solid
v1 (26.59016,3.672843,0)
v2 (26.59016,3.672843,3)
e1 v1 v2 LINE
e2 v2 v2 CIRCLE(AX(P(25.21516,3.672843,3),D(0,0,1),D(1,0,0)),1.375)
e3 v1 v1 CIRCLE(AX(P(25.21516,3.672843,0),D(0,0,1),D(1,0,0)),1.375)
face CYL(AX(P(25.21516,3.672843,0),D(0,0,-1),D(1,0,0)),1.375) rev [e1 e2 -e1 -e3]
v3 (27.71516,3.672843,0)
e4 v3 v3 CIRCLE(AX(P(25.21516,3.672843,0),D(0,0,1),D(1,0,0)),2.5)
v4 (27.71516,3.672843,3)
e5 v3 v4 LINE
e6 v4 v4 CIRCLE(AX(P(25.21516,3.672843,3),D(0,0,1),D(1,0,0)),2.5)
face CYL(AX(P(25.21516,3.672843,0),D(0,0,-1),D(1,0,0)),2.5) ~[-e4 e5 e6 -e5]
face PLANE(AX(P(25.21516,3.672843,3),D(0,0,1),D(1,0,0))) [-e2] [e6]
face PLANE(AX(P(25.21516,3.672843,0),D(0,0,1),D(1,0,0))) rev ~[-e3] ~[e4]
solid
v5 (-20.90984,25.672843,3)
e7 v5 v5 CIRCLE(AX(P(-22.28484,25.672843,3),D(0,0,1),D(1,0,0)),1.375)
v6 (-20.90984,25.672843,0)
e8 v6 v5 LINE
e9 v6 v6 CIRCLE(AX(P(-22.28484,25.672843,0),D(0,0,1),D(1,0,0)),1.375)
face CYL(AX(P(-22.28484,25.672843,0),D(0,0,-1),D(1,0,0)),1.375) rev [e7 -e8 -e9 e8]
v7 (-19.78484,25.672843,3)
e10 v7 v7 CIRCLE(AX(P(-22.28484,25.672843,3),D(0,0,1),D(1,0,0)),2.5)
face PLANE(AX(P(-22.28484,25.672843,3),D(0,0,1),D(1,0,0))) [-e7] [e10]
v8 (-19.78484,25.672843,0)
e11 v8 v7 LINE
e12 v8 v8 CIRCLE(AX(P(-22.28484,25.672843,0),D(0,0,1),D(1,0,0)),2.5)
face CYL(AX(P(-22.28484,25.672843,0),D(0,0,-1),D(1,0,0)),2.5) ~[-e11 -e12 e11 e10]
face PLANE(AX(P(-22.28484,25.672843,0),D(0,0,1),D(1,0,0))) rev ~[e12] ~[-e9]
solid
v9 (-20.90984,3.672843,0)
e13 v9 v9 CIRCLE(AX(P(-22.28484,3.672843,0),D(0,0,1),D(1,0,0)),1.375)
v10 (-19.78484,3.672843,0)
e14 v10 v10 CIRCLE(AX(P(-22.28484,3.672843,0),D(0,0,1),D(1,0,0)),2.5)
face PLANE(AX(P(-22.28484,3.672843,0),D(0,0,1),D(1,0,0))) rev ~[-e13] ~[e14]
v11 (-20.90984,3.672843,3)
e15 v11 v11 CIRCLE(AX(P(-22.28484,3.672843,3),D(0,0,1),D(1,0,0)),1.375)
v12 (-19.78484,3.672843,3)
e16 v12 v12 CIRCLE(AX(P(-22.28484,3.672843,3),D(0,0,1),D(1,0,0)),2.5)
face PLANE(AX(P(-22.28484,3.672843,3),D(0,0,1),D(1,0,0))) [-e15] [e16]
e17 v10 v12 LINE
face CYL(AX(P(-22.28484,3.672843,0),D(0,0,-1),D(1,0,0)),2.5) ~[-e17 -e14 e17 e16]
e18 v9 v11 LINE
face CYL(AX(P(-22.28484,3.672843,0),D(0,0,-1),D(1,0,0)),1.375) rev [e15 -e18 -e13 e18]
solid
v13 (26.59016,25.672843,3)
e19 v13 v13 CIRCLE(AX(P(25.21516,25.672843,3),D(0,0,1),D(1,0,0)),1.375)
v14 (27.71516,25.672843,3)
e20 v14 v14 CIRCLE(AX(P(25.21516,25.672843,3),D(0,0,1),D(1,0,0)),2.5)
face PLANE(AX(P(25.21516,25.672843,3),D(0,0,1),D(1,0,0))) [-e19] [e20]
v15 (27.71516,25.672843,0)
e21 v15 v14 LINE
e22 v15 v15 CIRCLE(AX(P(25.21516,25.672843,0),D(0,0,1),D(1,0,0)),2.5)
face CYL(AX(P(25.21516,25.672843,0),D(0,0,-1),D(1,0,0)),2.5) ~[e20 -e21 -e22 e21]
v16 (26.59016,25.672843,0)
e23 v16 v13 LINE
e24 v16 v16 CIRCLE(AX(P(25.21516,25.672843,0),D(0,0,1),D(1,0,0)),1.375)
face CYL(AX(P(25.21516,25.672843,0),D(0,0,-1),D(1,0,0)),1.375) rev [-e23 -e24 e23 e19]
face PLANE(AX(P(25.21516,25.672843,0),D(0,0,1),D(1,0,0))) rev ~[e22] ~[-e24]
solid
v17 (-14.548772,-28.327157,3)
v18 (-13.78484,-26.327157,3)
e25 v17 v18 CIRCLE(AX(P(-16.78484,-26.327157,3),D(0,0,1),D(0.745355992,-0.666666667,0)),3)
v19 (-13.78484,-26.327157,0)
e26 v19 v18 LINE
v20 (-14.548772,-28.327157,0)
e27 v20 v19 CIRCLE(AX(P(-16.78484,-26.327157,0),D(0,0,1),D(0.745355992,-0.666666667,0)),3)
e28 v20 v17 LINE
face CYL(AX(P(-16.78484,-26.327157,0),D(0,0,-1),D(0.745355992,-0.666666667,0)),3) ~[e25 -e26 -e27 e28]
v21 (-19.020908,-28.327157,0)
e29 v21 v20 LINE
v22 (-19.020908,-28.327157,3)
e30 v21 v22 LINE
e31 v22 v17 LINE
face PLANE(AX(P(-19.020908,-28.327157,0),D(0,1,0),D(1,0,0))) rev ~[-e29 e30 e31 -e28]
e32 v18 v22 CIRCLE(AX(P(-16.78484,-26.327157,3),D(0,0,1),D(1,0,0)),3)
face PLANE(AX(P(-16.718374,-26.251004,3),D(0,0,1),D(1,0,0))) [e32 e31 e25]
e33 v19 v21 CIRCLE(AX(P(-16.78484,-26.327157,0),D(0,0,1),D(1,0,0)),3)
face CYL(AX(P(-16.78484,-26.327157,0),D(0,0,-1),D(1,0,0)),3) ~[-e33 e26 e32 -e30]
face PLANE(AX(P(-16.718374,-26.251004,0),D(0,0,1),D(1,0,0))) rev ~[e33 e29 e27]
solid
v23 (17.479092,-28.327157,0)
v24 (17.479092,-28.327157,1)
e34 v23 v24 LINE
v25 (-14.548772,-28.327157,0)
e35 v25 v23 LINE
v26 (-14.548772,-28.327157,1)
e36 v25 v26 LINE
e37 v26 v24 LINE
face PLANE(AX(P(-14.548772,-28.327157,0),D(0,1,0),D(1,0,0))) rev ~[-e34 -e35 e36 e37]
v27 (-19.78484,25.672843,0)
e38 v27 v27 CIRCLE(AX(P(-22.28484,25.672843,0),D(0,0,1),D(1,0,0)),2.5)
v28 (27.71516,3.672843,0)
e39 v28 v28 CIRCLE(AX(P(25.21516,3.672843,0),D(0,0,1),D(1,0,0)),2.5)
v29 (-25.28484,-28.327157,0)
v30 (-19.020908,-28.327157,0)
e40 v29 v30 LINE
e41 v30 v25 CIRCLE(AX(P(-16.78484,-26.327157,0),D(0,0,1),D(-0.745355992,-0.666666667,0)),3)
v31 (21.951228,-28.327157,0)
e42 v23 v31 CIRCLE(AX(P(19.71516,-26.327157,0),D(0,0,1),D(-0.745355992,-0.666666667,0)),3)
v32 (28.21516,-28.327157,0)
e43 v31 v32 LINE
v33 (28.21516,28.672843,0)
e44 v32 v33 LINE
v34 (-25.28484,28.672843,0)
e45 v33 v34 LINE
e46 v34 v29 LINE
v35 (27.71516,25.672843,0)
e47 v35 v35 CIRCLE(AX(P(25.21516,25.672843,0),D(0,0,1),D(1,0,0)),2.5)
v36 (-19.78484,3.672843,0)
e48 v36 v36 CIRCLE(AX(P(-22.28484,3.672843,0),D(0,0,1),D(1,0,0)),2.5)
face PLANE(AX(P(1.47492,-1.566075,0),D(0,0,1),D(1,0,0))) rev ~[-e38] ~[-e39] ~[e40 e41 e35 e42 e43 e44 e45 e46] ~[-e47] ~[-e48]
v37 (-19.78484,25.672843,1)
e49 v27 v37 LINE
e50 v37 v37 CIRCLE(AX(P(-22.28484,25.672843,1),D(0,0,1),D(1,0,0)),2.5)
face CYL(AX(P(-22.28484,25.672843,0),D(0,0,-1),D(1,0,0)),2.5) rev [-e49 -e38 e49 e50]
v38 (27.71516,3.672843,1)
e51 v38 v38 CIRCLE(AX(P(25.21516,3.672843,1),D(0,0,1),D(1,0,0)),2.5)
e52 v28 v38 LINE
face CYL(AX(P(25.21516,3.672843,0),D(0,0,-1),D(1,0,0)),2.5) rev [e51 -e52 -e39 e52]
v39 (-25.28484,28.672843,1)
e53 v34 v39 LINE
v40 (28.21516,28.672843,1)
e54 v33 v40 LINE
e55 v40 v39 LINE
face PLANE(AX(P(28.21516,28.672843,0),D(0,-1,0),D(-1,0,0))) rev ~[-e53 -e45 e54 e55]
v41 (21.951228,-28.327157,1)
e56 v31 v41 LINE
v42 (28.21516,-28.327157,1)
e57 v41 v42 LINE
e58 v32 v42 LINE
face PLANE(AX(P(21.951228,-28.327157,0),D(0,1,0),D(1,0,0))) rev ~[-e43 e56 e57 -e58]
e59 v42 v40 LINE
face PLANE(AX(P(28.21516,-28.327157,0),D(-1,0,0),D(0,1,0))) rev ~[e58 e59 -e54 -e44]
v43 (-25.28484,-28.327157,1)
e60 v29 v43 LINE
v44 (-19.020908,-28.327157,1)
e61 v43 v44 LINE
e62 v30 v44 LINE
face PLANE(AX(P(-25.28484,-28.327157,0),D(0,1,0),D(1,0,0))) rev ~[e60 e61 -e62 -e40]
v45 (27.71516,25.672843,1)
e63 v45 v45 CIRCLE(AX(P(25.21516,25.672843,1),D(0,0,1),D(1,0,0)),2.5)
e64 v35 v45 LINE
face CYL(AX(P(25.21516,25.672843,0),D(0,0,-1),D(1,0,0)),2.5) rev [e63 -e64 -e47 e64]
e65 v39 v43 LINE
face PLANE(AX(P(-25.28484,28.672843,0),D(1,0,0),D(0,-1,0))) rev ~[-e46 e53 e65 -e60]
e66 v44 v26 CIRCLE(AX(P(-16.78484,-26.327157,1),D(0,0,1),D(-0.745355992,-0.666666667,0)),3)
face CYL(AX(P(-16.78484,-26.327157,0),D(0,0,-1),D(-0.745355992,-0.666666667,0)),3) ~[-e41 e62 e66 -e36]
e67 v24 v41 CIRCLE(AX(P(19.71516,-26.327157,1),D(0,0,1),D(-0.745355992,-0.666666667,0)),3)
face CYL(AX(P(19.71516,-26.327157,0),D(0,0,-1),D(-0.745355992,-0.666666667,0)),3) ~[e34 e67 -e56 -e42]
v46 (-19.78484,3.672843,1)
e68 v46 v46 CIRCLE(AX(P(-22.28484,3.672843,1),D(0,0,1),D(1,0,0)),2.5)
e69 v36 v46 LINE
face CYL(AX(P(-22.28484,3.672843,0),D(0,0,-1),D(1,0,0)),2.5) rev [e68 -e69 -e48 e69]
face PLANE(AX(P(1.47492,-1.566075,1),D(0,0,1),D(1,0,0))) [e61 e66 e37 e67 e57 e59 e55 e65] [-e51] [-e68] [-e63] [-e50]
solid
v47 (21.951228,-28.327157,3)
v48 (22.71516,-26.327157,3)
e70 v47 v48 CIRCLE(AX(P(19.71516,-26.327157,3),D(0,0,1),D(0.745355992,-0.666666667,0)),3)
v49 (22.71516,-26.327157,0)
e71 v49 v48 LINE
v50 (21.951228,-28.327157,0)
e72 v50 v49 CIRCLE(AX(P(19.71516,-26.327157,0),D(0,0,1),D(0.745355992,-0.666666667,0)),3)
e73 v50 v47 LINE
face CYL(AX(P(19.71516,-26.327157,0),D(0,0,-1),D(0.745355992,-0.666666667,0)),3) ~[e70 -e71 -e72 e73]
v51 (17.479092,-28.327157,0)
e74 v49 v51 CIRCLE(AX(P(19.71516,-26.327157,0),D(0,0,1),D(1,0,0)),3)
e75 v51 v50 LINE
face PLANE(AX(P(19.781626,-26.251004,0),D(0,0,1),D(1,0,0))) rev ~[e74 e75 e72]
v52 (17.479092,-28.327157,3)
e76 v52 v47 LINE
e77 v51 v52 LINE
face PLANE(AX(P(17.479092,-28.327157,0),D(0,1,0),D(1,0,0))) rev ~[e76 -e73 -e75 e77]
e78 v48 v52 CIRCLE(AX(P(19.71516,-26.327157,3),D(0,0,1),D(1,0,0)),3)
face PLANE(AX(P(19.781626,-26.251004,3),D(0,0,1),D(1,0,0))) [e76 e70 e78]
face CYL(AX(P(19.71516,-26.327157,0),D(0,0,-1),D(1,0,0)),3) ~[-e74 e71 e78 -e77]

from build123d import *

# Parameters (mm, degrees)
F0_R     = 2.5
F0_R_2   = 1.375
F1_DEPTH = 3
F2_DEPTH = 1


with BuildPart() as f1:
    # F0 (on Top) → F1 (new body)
    with BuildSketch(Plane.XY):
        with Locations((-22.2848404497, 25.6728434441)):
            Circle(F0_R)
        with Locations((-22.2848404497, 25.6728434441)):
            Circle(F0_R_2, mode=Mode.SUBTRACT)
    extrude(amount=F1_DEPTH)


with BuildPart() as f1b:
    # F0 (on Top) → F1, piece 2 (new body)
    with BuildSketch(Plane.XY):
        with Locations((-22.2848404497, 3.6728434441)):
            Circle(F0_R)
        with Locations((-22.2848404497, 3.6728434441)):
            Circle(F0_R_2, mode=Mode.SUBTRACT)
    extrude(amount=F1_DEPTH)


with BuildPart() as f1c:
    # F0 (on Top) → F1, piece 3 (new body)
    with BuildSketch(Plane.XY):
        with Locations((25.2151595503, 3.6728434441)):
            Circle(F0_R)
        with Locations((25.2151595503, 3.6728434441)):
            Circle(F0_R_2, mode=Mode.SUBTRACT)
    extrude(amount=F1_DEPTH)


with BuildPart() as f1d:
    # F0 (on Top) → F1, piece 4 (new body)
    with BuildSketch(Plane.XY):
        with Locations((25.2151595503, 25.6728434441)):
            Circle(F0_R)
        with Locations((25.2151595503, 25.6728434441)):
            Circle(F0_R_2, mode=Mode.SUBTRACT)
    extrude(amount=F1_DEPTH)


with BuildPart() as f1e:
    # F0 (on Top) → F1, piece 5 (new body)
    with BuildSketch(Plane.XY):
        with BuildLine():
            ThreePointArc((-13.7848404497, -26.3271565559), (-17.855306719, -23.524639479), (-19.0209084272, -28.3271565559))
            Line((-19.0209084272, -28.3271565559), (-14.5487724722, -28.3271565559))
            ThreePointArc((-14.5487724722, -28.3271565559), (-13.9823233728, -27.3976228253), (-13.7848404497, -26.3271565559))
        make_face()
    extrude(amount=F1_DEPTH)


with BuildPart() as f1f:
    # F0 (on Top) → F1, piece 6 (new body)
    with BuildSketch(Plane.XY):
        with BuildLine():
            Line((17.4790915728, -28.3271565559), (21.9512275278, -28.3271565559))
            ThreePointArc((21.9512275278, -28.3271565559), (22.5176766272, -27.3976228253), (22.7151595503, -26.3271565559))
            ThreePointArc((22.7151595503, -26.3271565559), (18.644693281, -23.524639479), (17.4790915728, -28.3271565559))
        make_face()
    extrude(amount=F1_DEPTH)


with BuildPart() as f2:
    # F0 (on Top) → F2 (new body)
    with BuildSketch(Plane.XY):
        with BuildLine():
            Line((28.2151595503, 28.6728434441), (-25.2848404497, 28.6728434441))
            Line((-25.2848404497, 28.6728434441), (-25.2848404497, -28.3271565559))
            Line((-25.2848404497, -28.3271565559), (-19.0209084272, -28.3271565559))
            ThreePointArc((-19.0209084272, -28.3271565559), (-17.855306719, -23.524639479), (-13.7848404497, -26.3271565559))
            ThreePointArc((-13.7848404497, -26.3271565559), (-13.9823233728, -27.3976228253), (-14.5487724722, -28.3271565559))
            Line((-14.5487724722, -28.3271565559), (17.4790915728, -28.3271565559))
            ThreePointArc((17.4790915728, -28.3271565559), (18.644693281, -23.524639479), (22.7151595503, -26.3271565559))
            ThreePointArc((22.7151595503, -26.3271565559), (22.5176766272, -27.3976228253), (21.9512275278, -28.3271565559))
            Line((21.9512275278, -28.3271565559), (28.2151595503, -28.3271565559))
            Line((28.2151595503, -28.3271565559), (28.2151595503, 28.6728434441))
        make_face()
        with Locations((-22.2848404497, 3.6728434441)):
            Circle(F0_R, mode=Mode.SUBTRACT)
        with Locations((-22.2848404497, 25.6728434441)):
            Circle(F0_R, mode=Mode.SUBTRACT)
        with Locations((25.2151595503, 3.6728434441)):
            Circle(F0_R, mode=Mode.SUBTRACT)
        with Locations((25.2151595503, 25.6728434441)):
            Circle(F0_R, mode=Mode.SUBTRACT)
        with BuildLine():
            ThreePointArc((-13.7848404497, -26.3271565559), (-17.855306719, -23.524639479), (-19.0209084272, -28.3271565559))
            Line((-19.0209084272, -28.3271565559), (-14.5487724722, -28.3271565559))
            ThreePointArc((-14.5487724722, -28.3271565559), (-13.9823233728, -27.3976228253), (-13.7848404497, -26.3271565559))
        make_face()
        with BuildLine():
            Line((-14.5487724722, -28.3271565559), (-19.0209084272, -28.3271565559))
            ThreePointArc((-19.0209084272, -28.3271565559), (-16.7848404497, -29.3271565559), (-14.5487724722, -28.3271565559))
        make_face()
        with BuildLine():
            ThreePointArc((17.4790915728, -28.3271565559), (19.7151595503, -29.3271565559), (21.9512275278, -28.3271565559))
            Line((21.9512275278, -28.3271565559), (17.4790915728, -28.3271565559))
        make_face()
        with BuildLine():
            Line((17.4790915728, -28.3271565559), (21.9512275278, -28.3271565559))
            ThreePointArc((21.9512275278, -28.3271565559), (22.5176766272, -27.3976228253), (22.7151595503, -26.3271565559))
            ThreePointArc((22.7151595503, -26.3271565559), (18.644693281, -23.524639479), (17.4790915728, -28.3271565559))
        make_face()
    extrude(amount=F2_DEPTH)


solid = Compound([f1.part, f1b.part, f1c.part, f1d.part, f1e.part, f1f.part, f2.part])
